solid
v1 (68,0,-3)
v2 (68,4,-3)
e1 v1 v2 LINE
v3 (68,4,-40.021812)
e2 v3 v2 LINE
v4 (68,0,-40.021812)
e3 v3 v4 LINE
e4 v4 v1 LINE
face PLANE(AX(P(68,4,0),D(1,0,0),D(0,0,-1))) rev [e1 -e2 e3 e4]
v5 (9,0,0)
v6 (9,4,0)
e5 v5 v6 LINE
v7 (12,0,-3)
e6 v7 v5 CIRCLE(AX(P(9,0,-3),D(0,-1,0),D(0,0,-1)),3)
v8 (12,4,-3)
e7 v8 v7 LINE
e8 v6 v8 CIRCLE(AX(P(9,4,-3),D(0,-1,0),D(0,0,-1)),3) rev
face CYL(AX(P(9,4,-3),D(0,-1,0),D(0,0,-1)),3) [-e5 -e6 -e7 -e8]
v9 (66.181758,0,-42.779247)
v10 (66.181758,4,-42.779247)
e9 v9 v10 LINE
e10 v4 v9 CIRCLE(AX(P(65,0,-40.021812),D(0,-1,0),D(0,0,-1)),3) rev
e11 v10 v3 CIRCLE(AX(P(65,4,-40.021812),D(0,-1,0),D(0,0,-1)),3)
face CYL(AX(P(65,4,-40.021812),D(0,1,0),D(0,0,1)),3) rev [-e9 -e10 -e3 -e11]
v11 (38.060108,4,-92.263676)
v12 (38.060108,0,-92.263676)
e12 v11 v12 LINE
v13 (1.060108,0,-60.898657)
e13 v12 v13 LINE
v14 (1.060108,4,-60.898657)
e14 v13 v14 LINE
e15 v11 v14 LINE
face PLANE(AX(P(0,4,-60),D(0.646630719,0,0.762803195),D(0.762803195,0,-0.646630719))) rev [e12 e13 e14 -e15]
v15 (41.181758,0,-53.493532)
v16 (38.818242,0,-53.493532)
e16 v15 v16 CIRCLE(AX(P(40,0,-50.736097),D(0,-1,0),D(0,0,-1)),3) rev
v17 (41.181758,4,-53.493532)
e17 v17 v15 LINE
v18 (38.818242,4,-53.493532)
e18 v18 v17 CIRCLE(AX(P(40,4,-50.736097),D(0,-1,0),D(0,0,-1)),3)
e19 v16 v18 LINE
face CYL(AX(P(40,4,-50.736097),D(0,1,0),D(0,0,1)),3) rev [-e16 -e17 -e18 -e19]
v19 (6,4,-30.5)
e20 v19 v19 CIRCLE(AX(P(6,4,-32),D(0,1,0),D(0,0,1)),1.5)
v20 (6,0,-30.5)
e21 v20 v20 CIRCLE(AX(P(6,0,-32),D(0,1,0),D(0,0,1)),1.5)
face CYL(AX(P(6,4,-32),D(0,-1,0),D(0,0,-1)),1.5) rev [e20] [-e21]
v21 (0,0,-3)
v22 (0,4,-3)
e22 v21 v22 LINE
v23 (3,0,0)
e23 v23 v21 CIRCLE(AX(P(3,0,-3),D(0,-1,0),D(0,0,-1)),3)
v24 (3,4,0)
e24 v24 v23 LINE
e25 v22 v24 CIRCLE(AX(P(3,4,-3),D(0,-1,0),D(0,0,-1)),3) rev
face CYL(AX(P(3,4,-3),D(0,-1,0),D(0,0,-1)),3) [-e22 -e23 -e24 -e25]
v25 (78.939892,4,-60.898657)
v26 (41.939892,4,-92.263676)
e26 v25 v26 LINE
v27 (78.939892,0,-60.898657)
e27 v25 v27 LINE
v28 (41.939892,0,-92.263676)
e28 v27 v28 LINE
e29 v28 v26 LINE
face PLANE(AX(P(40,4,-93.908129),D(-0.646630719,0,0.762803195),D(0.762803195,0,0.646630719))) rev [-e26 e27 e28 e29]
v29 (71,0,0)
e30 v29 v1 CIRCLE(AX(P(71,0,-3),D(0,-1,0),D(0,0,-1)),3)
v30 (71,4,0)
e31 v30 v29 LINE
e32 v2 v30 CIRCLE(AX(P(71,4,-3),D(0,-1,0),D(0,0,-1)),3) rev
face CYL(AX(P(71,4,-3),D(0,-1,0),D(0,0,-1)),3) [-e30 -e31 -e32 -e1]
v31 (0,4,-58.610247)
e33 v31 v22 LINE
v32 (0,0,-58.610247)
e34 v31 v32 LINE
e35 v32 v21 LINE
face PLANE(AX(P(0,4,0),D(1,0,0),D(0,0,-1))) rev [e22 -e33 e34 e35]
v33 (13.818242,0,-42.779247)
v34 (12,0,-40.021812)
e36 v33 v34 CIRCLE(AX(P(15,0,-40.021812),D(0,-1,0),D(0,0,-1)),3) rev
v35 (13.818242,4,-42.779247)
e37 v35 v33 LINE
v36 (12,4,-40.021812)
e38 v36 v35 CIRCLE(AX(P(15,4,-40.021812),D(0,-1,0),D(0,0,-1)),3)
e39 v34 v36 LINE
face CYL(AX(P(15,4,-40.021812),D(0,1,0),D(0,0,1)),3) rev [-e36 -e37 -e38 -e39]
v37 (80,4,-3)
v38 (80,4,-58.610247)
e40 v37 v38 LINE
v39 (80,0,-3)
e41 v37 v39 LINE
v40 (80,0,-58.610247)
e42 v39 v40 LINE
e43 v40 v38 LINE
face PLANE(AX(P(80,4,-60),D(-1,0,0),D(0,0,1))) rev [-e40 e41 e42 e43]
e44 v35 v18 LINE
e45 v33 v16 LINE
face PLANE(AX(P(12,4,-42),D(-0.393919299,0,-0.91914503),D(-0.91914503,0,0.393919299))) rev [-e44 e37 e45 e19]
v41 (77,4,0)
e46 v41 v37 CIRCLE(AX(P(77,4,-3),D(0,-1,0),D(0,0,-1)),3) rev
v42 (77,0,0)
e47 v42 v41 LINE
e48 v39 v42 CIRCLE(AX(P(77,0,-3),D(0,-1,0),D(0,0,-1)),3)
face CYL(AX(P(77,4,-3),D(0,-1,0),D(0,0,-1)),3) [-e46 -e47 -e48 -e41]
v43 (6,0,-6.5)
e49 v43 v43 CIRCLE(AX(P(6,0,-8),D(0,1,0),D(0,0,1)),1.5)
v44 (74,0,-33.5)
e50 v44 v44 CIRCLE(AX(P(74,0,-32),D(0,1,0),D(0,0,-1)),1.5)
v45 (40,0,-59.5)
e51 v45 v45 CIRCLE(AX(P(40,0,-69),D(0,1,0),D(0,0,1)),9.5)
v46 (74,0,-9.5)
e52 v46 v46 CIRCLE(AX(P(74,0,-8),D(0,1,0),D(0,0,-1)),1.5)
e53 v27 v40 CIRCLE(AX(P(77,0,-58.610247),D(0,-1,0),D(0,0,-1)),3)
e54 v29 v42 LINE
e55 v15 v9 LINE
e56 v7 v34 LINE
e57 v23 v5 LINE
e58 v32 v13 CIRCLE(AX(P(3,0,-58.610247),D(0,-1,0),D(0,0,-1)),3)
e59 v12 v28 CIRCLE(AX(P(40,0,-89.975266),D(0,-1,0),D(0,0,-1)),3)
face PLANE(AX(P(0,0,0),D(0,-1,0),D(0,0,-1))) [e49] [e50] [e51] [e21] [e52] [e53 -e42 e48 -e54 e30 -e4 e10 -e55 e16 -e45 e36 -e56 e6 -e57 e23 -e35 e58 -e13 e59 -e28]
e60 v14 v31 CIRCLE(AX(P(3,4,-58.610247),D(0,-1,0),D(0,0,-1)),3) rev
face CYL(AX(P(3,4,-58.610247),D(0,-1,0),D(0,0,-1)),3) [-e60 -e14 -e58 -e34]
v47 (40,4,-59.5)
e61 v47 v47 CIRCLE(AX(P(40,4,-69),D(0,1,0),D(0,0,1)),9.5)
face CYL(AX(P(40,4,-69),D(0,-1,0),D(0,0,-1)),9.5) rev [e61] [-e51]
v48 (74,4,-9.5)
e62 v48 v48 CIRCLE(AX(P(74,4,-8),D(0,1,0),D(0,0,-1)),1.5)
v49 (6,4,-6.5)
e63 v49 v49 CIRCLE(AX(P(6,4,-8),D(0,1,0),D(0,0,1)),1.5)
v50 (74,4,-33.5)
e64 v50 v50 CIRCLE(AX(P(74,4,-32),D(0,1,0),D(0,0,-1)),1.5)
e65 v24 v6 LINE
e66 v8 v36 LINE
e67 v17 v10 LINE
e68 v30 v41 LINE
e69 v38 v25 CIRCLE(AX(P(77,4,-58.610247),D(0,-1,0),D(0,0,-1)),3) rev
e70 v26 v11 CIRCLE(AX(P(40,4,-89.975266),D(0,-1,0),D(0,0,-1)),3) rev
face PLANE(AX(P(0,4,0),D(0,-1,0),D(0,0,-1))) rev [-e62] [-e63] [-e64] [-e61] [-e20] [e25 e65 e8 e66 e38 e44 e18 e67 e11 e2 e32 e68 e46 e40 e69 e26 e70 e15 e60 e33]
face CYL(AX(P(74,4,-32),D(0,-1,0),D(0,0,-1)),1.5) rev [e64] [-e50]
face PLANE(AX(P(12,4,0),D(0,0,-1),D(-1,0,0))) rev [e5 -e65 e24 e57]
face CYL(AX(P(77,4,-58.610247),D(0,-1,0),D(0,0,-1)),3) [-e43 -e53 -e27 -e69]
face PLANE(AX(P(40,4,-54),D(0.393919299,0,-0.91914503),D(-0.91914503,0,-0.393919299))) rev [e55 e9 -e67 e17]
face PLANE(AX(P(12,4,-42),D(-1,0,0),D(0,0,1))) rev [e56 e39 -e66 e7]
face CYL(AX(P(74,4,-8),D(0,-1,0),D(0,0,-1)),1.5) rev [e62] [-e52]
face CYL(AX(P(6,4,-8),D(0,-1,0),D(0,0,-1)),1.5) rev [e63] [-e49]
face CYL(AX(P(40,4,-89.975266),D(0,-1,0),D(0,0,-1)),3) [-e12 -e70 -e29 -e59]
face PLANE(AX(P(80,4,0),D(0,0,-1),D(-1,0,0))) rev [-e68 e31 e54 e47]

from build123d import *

# Parameters (mm, degrees)
SKETCH_2_R      = 1.5
SKETCH_2_R_2    = 9.5
EXTRUDE_1_DEPTH = 4
FILLET_1_R      = 3


with BuildPart() as part:
    # 草图2 → 凸台-拉伸1 (new body)
    with BuildSketch(Plane(origin=(0, 0, 0), x_dir=(1, 0, 0), z_dir=(0, 1, 0))):
        Polygon((0, 0), (0, 60), (40, 93.908128514), (80, 60), (80, 0), (68, 0), (68, 42), (40, 54), (12, 42), (12, 0), align=None)
        with Locations(Location((6, 32, 0), (0, 0, 270))):
            Circle(SKETCH_2_R, mode=Mode.SUBTRACT)
        with Locations(Location((6, 8, 0), (0, 0, 270))):
            Circle(SKETCH_2_R, mode=Mode.SUBTRACT)
        with Locations(Location((40, 69, 0), (0, 0, 270))):
            Circle(SKETCH_2_R_2, mode=Mode.SUBTRACT)
        with Locations(Location((74, 8, 0), (0, 0, 90))):
            Circle(SKETCH_2_R, mode=Mode.SUBTRACT)
        with Locations(Location((74, 32, 0), (0, 0, 90))):
            Circle(SKETCH_2_R, mode=Mode.SUBTRACT)
    extrude(amount=EXTRUDE_1_DEPTH)

    # 圆角1
    fillet_1_edges = [part.edges().sort_by_distance(p)[0] for p in [
        (0, 2, 0),
        (0, 2, -60),
        (40, 2, -93.908128514),
        (80, 2, -60),
        (80, 2, 0),
        (68, 2, 0),
        (68, 2, -42),
        (40, 2, -54),
        (12, 2, -42),
        (12, 2, 0),
    ]]
    fillet(fillet_1_edges, radius=FILLET_1_R)


solid = part.part
